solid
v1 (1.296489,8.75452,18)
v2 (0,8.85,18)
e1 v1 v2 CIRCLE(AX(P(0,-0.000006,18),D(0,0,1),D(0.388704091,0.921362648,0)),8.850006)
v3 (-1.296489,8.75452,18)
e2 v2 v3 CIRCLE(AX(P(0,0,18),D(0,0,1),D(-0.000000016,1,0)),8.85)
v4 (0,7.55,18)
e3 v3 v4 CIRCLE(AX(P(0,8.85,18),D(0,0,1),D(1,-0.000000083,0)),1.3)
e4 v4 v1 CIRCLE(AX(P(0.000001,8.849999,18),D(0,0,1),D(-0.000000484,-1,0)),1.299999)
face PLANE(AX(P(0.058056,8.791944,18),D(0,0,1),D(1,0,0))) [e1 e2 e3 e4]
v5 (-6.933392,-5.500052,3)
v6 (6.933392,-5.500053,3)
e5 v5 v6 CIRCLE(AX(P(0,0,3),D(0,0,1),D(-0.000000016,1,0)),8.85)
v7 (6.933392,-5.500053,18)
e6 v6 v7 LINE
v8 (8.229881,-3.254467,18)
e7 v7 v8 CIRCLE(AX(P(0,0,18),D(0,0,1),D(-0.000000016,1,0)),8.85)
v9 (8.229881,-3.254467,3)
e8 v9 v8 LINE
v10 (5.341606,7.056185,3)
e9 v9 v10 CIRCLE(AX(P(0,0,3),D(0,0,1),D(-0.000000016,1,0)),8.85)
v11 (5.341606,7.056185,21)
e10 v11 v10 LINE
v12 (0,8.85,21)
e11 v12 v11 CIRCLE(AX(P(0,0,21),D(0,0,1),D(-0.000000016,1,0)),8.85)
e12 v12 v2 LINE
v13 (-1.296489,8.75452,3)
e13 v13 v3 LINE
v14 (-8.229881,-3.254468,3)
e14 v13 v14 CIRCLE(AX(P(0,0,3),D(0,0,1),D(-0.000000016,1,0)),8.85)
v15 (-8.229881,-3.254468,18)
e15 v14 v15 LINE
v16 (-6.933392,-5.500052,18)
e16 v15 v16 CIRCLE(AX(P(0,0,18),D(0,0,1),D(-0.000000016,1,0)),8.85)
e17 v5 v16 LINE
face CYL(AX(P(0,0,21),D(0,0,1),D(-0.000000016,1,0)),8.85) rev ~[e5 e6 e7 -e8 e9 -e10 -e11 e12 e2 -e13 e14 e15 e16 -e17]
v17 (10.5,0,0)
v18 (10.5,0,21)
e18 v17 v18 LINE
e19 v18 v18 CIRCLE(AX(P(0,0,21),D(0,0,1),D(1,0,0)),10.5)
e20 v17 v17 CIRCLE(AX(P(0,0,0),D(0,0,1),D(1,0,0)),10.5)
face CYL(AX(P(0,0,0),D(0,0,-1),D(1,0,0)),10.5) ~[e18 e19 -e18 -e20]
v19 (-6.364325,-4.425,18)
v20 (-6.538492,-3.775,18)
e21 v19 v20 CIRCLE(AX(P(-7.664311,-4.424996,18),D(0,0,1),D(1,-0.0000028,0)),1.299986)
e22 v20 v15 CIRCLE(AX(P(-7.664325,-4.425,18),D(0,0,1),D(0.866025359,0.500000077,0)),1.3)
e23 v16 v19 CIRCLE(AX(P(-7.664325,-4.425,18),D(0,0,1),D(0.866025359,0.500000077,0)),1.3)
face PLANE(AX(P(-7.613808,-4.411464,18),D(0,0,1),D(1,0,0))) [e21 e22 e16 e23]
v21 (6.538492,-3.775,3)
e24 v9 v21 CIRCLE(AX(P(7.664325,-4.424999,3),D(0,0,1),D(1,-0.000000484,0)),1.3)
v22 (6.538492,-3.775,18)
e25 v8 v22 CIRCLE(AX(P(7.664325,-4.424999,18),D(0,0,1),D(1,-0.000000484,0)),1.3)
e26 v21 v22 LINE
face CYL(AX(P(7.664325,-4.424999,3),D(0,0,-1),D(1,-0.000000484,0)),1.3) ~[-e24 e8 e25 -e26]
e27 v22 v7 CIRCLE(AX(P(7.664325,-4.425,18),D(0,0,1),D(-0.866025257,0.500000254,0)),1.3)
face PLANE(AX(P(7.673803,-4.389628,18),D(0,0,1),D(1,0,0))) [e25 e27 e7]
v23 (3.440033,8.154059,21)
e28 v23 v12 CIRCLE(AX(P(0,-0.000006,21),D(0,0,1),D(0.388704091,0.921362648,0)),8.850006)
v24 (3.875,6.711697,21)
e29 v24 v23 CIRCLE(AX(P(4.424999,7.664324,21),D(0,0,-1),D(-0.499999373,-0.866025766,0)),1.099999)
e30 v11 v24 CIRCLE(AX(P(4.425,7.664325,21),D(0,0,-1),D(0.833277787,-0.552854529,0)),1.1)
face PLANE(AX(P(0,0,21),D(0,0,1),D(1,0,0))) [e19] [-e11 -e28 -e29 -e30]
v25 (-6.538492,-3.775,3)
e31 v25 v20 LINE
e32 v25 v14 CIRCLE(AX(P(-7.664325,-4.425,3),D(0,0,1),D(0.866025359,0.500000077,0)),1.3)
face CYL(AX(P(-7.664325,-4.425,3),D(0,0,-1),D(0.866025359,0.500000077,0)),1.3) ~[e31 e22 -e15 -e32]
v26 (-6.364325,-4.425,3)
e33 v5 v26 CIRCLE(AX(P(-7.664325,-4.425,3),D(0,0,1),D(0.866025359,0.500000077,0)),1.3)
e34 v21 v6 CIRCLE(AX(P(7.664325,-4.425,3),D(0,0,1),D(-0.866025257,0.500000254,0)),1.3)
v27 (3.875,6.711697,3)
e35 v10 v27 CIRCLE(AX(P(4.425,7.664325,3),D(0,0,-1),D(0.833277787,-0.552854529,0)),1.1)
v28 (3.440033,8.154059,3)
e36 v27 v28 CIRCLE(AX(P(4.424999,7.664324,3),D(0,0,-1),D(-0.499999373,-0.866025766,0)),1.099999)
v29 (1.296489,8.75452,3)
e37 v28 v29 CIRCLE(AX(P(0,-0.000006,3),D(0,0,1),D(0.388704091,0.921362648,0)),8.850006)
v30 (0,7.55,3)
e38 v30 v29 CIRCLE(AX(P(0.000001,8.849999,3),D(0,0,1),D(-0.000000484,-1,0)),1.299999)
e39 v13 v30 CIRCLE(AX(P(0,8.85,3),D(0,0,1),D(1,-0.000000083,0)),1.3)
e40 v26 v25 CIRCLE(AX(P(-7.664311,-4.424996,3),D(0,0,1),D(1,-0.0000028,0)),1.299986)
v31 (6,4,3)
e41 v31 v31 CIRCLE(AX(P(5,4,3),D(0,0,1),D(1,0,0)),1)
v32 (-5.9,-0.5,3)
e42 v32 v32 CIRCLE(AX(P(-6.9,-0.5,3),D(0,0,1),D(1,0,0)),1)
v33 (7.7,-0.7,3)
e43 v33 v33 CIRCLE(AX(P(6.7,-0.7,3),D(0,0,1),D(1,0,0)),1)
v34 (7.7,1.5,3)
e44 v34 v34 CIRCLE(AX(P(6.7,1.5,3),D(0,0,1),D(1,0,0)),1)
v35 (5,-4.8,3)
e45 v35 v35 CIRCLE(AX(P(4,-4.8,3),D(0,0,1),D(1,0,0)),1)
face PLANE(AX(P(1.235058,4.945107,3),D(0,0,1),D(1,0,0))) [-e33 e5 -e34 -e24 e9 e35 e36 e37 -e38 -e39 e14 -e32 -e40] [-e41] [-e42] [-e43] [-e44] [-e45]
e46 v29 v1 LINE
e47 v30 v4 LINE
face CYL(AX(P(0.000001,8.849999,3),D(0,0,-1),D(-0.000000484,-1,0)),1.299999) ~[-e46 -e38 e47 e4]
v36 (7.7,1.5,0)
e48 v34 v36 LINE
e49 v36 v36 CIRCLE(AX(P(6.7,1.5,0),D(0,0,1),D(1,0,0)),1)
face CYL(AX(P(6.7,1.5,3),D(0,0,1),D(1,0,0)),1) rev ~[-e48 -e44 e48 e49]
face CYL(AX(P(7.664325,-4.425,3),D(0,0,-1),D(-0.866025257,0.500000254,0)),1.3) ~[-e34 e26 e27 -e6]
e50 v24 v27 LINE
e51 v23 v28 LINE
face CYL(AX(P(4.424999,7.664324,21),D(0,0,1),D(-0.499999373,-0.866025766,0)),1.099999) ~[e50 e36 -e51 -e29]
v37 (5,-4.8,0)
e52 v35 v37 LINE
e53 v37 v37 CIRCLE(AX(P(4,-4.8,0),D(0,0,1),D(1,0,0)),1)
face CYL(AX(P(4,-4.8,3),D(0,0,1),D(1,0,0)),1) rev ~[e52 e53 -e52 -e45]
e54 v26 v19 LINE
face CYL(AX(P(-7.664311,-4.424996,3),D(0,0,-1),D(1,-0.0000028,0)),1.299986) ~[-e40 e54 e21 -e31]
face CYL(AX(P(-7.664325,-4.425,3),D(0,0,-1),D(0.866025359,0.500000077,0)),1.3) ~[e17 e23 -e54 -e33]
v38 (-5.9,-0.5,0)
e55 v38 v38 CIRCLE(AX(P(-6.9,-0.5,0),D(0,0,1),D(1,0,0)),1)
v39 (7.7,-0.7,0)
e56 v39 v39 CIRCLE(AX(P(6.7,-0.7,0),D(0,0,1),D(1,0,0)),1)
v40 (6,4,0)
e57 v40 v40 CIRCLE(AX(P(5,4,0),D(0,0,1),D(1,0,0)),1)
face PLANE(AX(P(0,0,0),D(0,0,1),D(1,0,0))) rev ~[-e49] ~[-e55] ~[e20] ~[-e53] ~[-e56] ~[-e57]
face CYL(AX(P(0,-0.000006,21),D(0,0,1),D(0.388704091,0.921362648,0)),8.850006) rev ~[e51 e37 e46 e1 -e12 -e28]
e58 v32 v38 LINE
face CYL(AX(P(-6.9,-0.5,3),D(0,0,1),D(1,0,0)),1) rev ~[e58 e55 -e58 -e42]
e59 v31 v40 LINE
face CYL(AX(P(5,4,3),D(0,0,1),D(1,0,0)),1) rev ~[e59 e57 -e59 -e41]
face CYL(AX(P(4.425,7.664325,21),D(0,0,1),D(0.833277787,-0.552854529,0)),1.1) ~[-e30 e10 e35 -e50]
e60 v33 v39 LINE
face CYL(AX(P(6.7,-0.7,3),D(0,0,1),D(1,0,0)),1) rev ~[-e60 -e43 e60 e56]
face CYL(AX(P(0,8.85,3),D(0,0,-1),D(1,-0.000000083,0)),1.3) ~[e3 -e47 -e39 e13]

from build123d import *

# Parameters (mm, degrees)
F0_R     = 10.5
F1_DEPTH = 21
F3_DEPTH = 18
F4_R     = 1
F5_DEPTH = 25
F7_DEPTH = 15


with BuildPart() as f1:
    # F0 (on Top) → F1 (new body)
    with BuildSketch(Plane.XY):
        Circle(F0_R)
    extrude(amount=F1_DEPTH)

    # F2 (on face) → F3 (cut)
    with BuildSketch(Plane.XY.offset(21)):
        with BuildLine():
            ThreePointArc((3.875, 6.711697), (3.371846, 7.346729), (3.440033, 8.154059))
            ThreePointArc((3.440033, 8.154059), (1.754862, 8.67427), (0, 8.85))
            Line((0, 8.85), (0, 0))
            Line((0, 0), (3.875, 6.711697))
        make_face()
        with BuildLine():
            Line((0, 0), (0, 8.85))
            ThreePointArc((0, 8.85), (-2.81738, -8.389569), (5.341606, 7.056185))
            ThreePointArc((5.341606, 7.056185), (4.676531, 6.593469), (3.875, 6.711697))
            Line((3.875, 6.711697), (0, 0))
        make_face()
    extrude(amount=-F3_DEPTH, mode=Mode.SUBTRACT)

    # F4 (on face) → F5 (cut)
    with BuildSketch(Plane.XY.offset(3)):
        with Locations((-6.9, -0.5)):
            Circle(F4_R)
        with Locations((5, 4)):
            Circle(F4_R)
        with Locations((6.7, 1.5)):
            Circle(F4_R)
        with Locations((4, -4.8)):
            Circle(F4_R)
        with Locations((6.7, -0.7)):
            Circle(F4_R)
    extrude(amount=-F5_DEPTH, mode=Mode.SUBTRACT)

    # F6 (on face) → F7 (join)
    with BuildSketch(Plane.XY.offset(3)):
        with BuildLine():
            ThreePointArc((0, 7.55), (0.919239, 7.930761), (1.3, 8.85))
            ThreePointArc((1.3, 8.85), (-0.919239, 9.769239), (0, 7.55))
        make_face()
        with BuildLine():
            ThreePointArc((8.964325, -4.425), (8.00079, -3.169296), (6.538492, -3.775))
            ThreePointArc((6.538492, -3.775), (7.32786, -5.680704), (8.964325, -4.425))
        make_face()
        with BuildLine():
            ThreePointArc((-6.364325, -4.425), (-6.408621, -4.088535), (-6.538492, -3.775))
            ThreePointArc((-6.538492, -3.775), (-8.920028, -4.761465), (-6.364325, -4.425))
        make_face()
    extrude(amount=F7_DEPTH)


solid = f1.part
